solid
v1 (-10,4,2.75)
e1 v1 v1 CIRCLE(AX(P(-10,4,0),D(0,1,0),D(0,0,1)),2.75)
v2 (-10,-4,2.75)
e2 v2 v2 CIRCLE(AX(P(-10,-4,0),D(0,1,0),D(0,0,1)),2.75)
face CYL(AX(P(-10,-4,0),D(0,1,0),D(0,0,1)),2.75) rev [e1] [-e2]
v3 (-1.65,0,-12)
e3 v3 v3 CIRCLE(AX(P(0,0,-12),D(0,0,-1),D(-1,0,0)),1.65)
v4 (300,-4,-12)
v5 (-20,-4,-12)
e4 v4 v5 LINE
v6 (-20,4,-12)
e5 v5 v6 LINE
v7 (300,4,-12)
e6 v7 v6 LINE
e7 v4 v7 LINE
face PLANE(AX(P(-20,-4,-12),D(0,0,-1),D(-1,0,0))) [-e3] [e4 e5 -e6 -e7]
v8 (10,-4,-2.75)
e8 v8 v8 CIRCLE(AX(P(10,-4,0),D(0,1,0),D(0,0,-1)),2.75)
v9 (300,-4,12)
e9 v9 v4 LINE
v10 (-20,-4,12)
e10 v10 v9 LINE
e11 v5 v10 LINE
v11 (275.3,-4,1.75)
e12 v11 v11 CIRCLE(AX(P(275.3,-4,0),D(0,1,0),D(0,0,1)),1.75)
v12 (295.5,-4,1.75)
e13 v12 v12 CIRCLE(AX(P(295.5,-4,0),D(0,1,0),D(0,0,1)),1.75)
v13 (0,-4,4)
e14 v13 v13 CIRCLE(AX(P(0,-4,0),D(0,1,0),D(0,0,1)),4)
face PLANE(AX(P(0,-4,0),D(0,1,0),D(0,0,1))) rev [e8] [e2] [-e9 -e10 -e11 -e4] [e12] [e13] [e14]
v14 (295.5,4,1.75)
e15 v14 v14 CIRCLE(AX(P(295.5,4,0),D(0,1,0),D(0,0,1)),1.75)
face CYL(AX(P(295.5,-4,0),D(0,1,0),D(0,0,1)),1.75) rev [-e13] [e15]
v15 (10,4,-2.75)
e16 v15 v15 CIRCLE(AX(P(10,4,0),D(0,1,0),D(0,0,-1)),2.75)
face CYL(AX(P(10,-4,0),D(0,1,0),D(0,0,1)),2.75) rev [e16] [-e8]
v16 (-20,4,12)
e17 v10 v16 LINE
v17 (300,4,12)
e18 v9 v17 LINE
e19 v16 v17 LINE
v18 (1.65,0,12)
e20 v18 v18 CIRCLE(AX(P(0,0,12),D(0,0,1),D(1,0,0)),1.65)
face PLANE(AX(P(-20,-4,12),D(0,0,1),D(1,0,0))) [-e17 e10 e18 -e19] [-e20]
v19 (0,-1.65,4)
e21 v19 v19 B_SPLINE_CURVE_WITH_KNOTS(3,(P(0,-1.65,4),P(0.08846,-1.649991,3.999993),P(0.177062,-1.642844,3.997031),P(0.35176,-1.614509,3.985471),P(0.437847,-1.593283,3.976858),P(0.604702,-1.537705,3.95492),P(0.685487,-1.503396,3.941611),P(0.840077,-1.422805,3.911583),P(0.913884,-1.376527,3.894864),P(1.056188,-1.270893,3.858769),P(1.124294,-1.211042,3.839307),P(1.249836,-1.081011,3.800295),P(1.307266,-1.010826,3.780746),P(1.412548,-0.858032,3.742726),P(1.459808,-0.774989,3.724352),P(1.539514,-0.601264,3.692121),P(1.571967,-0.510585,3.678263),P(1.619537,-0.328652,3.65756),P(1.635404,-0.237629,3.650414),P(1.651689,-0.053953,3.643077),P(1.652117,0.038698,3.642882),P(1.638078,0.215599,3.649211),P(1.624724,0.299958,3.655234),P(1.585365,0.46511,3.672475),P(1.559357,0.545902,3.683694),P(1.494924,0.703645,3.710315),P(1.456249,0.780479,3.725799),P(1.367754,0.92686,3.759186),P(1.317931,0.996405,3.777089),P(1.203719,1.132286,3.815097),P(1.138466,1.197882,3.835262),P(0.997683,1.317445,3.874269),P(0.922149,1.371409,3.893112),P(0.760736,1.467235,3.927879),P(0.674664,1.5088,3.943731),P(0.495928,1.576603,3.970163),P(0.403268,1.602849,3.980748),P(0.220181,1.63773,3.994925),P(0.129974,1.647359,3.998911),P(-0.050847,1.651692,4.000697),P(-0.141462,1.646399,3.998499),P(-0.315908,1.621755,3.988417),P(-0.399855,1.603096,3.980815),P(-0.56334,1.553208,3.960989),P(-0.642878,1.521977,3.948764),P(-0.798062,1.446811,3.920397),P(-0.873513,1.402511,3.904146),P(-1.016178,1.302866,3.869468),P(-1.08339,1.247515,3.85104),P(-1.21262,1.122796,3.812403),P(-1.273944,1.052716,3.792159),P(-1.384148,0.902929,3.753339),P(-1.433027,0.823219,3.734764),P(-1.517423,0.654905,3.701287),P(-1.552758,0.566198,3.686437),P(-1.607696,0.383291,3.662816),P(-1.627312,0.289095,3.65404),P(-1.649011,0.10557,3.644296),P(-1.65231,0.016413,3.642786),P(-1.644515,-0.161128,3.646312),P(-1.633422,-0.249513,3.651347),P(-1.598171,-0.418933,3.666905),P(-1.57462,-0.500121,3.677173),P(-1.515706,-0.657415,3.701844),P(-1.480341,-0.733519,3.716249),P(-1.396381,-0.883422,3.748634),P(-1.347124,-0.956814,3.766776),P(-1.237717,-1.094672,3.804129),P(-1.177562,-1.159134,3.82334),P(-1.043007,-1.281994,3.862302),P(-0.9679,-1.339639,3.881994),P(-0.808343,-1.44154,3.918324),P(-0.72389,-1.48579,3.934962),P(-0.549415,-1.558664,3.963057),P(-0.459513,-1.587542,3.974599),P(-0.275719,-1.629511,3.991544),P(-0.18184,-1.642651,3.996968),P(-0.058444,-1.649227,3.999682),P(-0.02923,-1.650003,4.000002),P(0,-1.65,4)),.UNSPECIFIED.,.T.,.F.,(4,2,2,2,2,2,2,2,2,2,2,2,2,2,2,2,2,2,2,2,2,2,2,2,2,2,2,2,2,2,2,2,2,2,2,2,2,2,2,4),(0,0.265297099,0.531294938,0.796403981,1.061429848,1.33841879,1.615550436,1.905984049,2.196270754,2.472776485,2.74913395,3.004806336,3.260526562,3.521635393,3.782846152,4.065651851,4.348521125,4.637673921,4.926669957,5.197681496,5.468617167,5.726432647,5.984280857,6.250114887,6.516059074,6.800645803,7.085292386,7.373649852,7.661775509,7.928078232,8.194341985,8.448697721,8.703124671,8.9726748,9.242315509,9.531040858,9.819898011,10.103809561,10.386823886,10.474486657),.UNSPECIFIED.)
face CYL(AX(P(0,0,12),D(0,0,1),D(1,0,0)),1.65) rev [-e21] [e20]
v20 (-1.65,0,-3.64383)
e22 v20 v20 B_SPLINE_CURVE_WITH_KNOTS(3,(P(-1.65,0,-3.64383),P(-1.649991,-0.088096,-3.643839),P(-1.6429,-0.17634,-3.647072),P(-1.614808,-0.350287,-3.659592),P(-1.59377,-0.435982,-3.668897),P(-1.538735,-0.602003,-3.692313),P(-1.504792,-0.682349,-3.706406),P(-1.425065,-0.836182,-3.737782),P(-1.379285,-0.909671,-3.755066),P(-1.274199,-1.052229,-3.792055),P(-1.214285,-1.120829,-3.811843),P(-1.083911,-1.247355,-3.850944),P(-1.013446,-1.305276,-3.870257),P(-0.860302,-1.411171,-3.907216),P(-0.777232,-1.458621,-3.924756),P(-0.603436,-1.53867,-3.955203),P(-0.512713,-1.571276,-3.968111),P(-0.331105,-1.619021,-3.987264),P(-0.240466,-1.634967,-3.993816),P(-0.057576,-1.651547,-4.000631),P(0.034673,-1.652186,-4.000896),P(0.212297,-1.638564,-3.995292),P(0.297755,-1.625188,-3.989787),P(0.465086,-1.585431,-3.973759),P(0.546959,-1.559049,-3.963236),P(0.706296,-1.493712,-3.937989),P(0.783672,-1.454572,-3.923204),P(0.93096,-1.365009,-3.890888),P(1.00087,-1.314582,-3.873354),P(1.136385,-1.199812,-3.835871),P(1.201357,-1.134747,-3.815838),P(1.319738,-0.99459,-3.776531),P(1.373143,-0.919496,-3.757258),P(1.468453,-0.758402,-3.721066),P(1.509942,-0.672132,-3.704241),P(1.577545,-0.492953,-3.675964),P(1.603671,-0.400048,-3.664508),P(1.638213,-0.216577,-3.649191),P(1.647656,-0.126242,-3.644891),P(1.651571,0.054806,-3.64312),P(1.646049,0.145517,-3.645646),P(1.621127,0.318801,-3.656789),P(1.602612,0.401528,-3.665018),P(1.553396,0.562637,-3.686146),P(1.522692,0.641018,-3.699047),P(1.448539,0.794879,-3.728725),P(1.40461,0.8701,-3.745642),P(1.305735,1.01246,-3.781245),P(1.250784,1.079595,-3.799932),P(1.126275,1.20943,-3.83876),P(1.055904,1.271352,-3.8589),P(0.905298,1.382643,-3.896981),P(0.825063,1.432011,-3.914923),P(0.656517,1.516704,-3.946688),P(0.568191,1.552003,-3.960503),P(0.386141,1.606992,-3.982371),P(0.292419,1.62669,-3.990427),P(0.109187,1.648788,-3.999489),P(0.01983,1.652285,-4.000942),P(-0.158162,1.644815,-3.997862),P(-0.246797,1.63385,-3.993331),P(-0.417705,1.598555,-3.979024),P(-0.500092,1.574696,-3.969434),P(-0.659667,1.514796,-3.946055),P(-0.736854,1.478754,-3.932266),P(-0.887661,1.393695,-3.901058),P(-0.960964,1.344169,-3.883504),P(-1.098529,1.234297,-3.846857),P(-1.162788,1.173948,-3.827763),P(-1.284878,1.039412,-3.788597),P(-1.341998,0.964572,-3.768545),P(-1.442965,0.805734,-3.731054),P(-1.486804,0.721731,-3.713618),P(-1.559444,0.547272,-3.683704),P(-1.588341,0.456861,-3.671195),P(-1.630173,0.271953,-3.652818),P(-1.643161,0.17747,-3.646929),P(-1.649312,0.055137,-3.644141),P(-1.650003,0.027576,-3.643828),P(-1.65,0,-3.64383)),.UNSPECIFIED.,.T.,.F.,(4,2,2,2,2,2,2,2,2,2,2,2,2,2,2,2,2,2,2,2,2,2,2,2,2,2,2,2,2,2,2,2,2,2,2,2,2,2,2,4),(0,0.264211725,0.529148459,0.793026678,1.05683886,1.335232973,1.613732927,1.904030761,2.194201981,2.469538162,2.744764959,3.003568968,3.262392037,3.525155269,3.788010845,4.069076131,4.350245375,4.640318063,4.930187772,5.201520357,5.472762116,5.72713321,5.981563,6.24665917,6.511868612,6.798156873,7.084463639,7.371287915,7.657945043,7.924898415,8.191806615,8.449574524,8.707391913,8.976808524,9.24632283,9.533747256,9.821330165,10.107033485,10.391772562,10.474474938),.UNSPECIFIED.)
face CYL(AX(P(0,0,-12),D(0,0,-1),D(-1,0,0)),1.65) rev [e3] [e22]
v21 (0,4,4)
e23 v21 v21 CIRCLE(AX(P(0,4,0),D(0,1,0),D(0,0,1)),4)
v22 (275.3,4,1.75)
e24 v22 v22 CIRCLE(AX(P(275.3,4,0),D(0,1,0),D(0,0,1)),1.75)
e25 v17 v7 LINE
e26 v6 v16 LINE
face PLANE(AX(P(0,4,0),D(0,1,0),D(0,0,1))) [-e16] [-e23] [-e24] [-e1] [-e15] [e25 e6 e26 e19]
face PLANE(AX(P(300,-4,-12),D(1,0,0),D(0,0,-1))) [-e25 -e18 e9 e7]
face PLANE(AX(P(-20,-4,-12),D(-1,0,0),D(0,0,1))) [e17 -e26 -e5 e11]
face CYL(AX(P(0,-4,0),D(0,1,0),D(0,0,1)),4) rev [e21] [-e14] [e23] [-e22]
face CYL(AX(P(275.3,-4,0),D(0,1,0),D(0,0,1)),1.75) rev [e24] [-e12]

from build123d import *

# Parameters (mm, degrees)
BOSS_EXTRUDE1_DEPTH              = 4
BOSS_EXTRUDE1_DEPTH_BACK         = 4
SKETCH1_W                        = 320
SKETCH1_H                        = 24
SKETCH1_R                        = 2.75
SKETCH1_R_2                      = 1.75
SKETCH1_R_3                      = 4
TAP_DRILL_FOR_M4X0_7_TAP1_REACH  = 302.985
TAP_DRILL_FOR_M4X0_7_TAP1_BORE_R = 1.65
TAP_DRILL_FOR_M4X0_7_TAP2_D      = 3.3


with BuildPart() as part:
    # Sketch1 → Boss-Extrude1 (new, two sides: drawn at the far end of the back side and taken through both)
    with BuildSketch(Plane(origin=(0, 0, 0), x_dir=(1, 0, 0), z_dir=(0, 1, 0)).offset(-BOSS_EXTRUDE1_DEPTH_BACK)):
        with Locations((140, 0)):
            Rectangle(SKETCH1_W, SKETCH1_H)
        with Locations(Location((-10, 0, 0), (0, 0, 270))):
            Circle(SKETCH1_R, mode=Mode.SUBTRACT)
        with Locations(Location((10, 0, 0), (0, 0, 90))):
            Circle(SKETCH1_R, mode=Mode.SUBTRACT)
        with Locations(Location((295.5, 0, 0), (0, 0, 270))):
            Circle(SKETCH1_R_2, mode=Mode.SUBTRACT)
        with Locations(Location((275.3, 0, 0), (0, 0, 270))):
            Circle(SKETCH1_R_2, mode=Mode.SUBTRACT)
        with Locations(Location((0, 0, 0), (0, 0, 270))):
            Circle(SKETCH1_R_3, mode=Mode.SUBTRACT)
    extrude(amount=BOSS_EXTRUDE1_DEPTH + BOSS_EXTRUDE1_DEPTH_BACK)

    # Tap Drill for M4x0.7 Tap1 bore → Tap Drill for M4x0.7 Tap1 (cut, up to next)
    with BuildSketch(Plane.XY.offset(12), mode=Mode.PRIVATE) as tap_drill_for_m4x0_7_tap1_sk1:
        Circle(TAP_DRILL_FOR_M4X0_7_TAP1_BORE_R)
    tap_drill_for_m4x0_7_tap1_tool1 = extrude(tap_drill_for_m4x0_7_tap1_sk1.sketch, amount=-TAP_DRILL_FOR_M4X0_7_TAP1_REACH, mode=Mode.PRIVATE) & part.part
    add(tap_drill_for_m4x0_7_tap1_tool1.solids().sort_by_distance((0, 0, 12))[0], mode=Mode.SUBTRACT)

    # Tap Drill for M4x0.7 Tap2 (through all)
    with Locations(Plane(origin=(0, 0, -12), x_dir=(-1, 0, 0), z_dir=(0, 0, -1))):
        with Locations((0, 0)):
            Hole(TAP_DRILL_FOR_M4X0_7_TAP2_D / 2)


solid = part.part
